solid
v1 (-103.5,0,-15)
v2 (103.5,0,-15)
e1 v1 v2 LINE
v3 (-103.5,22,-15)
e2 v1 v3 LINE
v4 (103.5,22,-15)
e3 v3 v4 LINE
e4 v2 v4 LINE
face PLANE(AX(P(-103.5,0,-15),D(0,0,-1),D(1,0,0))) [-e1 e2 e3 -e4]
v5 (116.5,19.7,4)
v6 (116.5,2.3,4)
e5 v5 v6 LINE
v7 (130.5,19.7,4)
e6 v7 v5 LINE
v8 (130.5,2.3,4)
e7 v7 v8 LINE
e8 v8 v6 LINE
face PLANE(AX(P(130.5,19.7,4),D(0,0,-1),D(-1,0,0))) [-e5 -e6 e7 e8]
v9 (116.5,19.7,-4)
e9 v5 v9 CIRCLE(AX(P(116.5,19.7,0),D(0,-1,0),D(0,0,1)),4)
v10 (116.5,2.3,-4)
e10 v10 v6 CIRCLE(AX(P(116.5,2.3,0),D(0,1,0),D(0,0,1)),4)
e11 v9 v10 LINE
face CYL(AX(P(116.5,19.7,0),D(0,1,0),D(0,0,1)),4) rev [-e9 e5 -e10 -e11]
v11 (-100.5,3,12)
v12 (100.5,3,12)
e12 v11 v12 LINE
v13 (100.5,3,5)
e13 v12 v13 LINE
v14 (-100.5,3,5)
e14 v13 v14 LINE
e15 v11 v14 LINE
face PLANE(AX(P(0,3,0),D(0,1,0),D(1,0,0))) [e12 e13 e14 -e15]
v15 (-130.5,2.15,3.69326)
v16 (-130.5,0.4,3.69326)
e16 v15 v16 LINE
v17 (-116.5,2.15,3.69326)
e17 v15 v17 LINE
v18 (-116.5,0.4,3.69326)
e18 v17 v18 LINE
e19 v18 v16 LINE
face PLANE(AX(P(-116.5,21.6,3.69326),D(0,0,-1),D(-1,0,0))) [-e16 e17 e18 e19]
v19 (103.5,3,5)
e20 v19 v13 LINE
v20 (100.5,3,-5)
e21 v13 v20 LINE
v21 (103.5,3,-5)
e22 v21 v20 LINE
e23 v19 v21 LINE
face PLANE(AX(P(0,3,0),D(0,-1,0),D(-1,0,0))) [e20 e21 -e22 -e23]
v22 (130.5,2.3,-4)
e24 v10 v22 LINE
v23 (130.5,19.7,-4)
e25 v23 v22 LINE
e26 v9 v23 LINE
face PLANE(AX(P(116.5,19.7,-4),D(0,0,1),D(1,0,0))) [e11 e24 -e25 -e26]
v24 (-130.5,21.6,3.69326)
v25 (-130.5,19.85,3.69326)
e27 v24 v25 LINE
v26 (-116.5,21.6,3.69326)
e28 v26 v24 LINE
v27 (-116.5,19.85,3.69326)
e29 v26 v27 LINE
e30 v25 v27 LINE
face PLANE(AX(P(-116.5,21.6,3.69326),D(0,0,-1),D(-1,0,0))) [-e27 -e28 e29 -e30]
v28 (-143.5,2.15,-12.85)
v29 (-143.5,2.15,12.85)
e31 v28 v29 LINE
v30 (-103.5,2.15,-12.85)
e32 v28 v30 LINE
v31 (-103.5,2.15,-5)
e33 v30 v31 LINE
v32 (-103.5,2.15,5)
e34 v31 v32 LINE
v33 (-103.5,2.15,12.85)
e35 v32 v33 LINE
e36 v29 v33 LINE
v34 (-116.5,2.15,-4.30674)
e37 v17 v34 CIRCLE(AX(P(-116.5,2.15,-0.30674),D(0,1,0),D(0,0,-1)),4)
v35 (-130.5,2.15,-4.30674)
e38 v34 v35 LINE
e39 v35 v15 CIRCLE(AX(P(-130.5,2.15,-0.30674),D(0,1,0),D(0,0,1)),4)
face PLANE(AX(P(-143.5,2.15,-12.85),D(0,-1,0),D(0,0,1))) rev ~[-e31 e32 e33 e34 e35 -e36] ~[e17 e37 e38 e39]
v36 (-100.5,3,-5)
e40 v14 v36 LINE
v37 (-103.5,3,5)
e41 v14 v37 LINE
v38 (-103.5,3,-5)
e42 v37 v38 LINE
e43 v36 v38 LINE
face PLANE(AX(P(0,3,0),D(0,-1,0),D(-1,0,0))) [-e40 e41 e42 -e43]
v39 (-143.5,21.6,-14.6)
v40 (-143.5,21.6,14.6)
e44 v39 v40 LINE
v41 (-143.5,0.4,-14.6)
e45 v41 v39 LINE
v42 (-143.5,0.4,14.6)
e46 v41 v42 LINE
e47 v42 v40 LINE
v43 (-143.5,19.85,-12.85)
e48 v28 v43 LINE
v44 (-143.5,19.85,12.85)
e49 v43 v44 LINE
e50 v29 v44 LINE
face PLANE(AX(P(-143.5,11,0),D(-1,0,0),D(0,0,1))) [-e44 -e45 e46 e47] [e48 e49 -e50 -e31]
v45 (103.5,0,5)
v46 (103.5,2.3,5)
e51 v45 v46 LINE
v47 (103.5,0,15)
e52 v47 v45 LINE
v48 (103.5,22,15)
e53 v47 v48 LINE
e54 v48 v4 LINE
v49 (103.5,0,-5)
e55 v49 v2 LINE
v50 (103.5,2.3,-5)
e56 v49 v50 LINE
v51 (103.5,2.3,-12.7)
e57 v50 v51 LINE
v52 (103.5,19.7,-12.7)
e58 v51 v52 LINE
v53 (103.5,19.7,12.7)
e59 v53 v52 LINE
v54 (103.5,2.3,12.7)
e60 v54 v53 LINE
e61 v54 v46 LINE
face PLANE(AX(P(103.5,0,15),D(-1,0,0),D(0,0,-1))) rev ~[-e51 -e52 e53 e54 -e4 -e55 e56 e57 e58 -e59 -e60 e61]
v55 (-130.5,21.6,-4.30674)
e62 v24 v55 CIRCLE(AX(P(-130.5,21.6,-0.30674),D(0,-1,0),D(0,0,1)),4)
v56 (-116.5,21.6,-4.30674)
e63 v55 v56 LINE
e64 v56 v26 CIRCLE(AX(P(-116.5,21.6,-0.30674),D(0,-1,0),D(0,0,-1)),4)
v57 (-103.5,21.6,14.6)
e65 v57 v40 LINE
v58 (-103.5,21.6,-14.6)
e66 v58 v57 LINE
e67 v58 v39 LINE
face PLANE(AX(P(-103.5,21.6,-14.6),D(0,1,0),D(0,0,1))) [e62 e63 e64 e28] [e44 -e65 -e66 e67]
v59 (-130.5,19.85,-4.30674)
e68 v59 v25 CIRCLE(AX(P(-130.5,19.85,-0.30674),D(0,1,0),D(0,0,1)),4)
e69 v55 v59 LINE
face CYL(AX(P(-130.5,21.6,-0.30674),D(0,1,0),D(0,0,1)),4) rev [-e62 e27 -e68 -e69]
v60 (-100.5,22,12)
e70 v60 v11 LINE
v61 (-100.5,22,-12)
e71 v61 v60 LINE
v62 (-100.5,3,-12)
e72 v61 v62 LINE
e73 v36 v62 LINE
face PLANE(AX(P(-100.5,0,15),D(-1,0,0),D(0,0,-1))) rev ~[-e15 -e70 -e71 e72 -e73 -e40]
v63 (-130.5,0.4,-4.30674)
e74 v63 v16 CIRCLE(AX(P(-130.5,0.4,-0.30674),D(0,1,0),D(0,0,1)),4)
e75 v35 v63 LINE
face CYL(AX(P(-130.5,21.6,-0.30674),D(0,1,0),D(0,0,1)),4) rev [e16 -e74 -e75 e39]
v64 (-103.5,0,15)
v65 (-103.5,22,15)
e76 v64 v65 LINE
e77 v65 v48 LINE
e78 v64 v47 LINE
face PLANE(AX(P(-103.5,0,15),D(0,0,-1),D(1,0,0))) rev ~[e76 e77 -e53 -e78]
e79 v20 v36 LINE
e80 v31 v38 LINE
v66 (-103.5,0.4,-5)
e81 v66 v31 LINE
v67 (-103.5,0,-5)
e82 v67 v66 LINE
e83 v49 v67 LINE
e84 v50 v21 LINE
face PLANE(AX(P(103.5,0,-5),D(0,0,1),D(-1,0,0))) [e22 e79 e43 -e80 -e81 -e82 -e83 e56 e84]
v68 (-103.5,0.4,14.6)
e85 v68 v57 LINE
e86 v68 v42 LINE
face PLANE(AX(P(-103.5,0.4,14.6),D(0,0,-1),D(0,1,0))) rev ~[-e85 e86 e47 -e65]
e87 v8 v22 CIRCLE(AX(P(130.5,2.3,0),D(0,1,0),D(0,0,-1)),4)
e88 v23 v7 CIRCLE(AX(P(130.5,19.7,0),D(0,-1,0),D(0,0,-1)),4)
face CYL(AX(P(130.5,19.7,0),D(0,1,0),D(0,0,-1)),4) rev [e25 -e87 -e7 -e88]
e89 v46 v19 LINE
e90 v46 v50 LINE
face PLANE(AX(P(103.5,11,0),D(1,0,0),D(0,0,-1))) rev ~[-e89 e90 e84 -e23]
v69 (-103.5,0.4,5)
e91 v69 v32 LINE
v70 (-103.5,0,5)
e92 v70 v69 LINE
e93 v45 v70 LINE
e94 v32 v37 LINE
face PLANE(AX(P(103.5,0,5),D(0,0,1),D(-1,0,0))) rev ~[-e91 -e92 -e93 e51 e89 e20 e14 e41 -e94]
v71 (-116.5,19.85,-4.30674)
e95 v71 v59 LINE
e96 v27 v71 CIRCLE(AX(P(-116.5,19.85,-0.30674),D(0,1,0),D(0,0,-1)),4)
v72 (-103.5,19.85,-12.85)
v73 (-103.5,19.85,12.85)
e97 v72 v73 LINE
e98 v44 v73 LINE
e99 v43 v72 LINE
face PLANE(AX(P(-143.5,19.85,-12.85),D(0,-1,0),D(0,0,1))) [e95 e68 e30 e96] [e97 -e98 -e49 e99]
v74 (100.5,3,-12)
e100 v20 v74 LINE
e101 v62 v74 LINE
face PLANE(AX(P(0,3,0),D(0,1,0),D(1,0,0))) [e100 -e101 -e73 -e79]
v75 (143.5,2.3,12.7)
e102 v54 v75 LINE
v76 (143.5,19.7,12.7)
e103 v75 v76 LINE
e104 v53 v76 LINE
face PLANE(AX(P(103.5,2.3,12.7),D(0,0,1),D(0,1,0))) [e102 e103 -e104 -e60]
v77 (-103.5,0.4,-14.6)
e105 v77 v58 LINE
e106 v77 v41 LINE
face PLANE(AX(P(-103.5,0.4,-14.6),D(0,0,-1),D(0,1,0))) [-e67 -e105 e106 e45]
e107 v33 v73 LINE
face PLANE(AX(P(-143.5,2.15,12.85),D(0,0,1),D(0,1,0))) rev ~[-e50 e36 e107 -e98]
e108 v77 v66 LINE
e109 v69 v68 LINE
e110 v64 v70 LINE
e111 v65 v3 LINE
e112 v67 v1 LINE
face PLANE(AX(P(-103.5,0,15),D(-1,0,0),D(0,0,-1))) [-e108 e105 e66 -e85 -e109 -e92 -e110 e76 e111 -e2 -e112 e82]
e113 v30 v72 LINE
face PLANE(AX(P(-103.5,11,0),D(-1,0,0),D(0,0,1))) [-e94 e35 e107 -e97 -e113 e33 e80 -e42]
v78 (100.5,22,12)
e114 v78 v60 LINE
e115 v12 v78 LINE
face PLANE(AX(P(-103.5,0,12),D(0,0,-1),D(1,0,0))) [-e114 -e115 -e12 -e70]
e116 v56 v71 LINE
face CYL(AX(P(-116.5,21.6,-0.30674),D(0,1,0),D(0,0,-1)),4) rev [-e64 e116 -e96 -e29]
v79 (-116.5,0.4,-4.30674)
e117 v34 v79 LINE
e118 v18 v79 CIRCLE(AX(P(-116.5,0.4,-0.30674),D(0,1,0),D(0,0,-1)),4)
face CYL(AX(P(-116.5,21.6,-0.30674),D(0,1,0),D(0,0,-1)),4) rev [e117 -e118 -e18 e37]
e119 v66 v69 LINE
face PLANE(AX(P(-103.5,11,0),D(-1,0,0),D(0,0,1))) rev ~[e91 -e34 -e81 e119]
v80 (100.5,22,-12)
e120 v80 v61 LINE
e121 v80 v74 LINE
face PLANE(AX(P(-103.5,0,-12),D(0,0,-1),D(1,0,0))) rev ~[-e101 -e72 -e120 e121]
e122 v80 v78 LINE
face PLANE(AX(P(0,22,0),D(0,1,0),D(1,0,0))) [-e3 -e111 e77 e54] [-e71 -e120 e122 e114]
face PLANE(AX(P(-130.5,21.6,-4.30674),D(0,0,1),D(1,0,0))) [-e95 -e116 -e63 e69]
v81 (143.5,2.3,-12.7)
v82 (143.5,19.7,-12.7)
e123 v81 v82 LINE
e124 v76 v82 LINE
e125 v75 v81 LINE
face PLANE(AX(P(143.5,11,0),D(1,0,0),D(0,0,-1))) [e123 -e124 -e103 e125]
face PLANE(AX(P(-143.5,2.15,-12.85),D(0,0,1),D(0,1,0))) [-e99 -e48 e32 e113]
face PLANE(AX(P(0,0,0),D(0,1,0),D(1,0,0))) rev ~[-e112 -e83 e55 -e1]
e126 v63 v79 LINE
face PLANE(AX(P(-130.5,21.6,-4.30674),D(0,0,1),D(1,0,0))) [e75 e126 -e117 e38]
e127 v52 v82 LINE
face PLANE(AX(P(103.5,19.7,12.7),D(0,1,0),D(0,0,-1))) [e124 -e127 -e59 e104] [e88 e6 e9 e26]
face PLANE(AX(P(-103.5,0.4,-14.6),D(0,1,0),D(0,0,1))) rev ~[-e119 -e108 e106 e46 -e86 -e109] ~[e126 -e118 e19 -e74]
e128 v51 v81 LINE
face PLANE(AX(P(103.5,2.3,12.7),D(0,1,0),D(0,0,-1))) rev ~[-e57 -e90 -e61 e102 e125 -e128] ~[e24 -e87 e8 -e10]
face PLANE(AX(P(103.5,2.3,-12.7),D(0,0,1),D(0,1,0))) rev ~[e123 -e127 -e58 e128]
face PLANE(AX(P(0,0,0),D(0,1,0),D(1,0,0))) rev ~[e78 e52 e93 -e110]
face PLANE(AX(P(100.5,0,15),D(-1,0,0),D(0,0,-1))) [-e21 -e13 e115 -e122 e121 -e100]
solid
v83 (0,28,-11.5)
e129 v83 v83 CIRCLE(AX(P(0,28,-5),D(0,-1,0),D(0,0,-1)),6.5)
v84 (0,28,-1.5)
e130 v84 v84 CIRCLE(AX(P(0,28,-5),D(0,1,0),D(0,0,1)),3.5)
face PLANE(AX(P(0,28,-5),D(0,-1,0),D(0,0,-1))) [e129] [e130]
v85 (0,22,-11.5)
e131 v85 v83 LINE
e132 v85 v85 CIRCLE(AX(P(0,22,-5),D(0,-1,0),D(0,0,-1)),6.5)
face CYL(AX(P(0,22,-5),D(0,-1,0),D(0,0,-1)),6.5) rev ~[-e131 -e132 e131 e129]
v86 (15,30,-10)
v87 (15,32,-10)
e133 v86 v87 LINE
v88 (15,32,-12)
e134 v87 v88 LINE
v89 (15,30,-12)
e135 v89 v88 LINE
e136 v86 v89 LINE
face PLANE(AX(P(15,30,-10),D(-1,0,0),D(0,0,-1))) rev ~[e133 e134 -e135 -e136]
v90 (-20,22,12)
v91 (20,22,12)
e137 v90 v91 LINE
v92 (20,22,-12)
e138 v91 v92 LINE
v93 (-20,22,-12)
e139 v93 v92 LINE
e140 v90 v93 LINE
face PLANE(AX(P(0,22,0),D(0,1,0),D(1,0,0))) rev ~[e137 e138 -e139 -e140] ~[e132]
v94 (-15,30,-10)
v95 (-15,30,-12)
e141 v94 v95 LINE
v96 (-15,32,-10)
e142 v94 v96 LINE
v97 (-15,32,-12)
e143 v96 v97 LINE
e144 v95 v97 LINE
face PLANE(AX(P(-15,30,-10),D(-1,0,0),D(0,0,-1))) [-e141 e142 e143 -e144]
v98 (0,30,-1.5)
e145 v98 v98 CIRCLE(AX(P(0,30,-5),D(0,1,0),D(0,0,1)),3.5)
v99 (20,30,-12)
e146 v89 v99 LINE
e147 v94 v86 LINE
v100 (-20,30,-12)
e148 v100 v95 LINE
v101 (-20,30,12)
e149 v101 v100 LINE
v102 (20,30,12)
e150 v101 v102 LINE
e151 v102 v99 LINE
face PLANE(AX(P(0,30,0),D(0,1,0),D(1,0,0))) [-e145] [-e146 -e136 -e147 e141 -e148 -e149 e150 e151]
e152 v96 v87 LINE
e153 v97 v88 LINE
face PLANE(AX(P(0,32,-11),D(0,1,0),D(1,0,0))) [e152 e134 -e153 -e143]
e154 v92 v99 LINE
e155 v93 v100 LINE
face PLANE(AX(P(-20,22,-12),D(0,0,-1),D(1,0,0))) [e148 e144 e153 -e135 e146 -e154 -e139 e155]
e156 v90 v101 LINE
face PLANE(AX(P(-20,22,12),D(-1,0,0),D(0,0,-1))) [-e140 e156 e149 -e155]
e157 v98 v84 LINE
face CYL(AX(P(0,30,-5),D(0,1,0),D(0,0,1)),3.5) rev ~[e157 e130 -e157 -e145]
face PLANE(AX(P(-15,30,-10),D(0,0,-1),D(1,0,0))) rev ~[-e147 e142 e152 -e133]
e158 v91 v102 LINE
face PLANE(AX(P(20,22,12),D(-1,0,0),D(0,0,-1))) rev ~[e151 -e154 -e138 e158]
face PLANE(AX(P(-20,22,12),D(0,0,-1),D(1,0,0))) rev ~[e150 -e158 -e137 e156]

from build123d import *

# Parameters (mm, degrees)
SKETCH1_W           = 207
SKETCH1_H           = 30
BOSS_EXTRUDE1_DEPTH = 22
SHELL1_T            = -3
SKETCH2_W           = 207
SKETCH2_H           = 10
CUT_EXTRUDE1_DEPTH  = 3
SKETCH3_W           = 29.2
SKETCH3_H           = 21.2
BOSS_EXTRUDE2_DEPTH = 40
SKETCH4_W           = 25.7
SKETCH4_H           = 17.7
CUT_EXTRUDE2_DEPTH  = 40
CUT_EXTRUDE3_DEPTH  = 146.889718623
SKETCH6_W           = 25.4
SKETCH6_H           = 17.4
BOSS_EXTRUDE3_DEPTH = 40
CUT_EXTRUDE4_DEPTH  = 146.620534266
SKETCH8_W           = 40
SKETCH8_H           = 24
BOSS_EXTRUDE4_DEPTH = 8
SKETCH9_R           = 3.5
CUT_EXTRUDE6_DEPTH  = 8
SKETCH10_R          = 6.5
CUT_EXTRUDE10_DEPTH = 6
SKETCH11_W          = 30
SKETCH11_H          = 2
BOSS_EXTRUDE5_DEPTH = 2


with BuildPart() as part:
    # Sketch1 → Boss-Extrude1 (new body)
    with BuildSketch(Plane(origin=(0, 0, 0), x_dir=(1, 0, 0), z_dir=(0, 1, 0))):
        Rectangle(SKETCH1_W, SKETCH1_H)
    extrude(amount=BOSS_EXTRUDE1_DEPTH)

    # Shell1
    shell1_openings = [part.faces().sort_by_distance(p)[0] for p in [
        (0, 22, 0),
    ]]
    offset(amount=SHELL1_T, openings=shell1_openings, kind=Kind.INTERSECTION)

    # Sketch2 → Cut-Extrude1 (cut)
    with BuildSketch(Plane(origin=(0, 0, 0), x_dir=(-1, 0, 0), z_dir=(0, -1, 0))):
        Rectangle(SKETCH2_W, SKETCH2_H)
    extrude(amount=-CUT_EXTRUDE1_DEPTH, mode=Mode.SUBTRACT)

    # Sketch3 → Boss-Extrude2 (add)
    with BuildSketch(Plane.ZY.offset(103.5)):
        with Locations((0, 11)):
            Rectangle(SKETCH3_W, SKETCH3_H)
    extrude(amount=BOSS_EXTRUDE2_DEPTH)

    # Sketch4 → Cut-Extrude2 (cut)
    with BuildSketch(Plane.ZY.offset(143.5)):
        with Locations((0, 11)):
            Rectangle(SKETCH4_W, SKETCH4_H)
    extrude(amount=-CUT_EXTRUDE2_DEPTH, mode=Mode.SUBTRACT)

    # Sketch5 → Cut-Extrude3 (cut, through all)
    with BuildSketch(Plane(origin=(0, 21.6, 0), x_dir=(1, 0, 0), z_dir=(0, 1, 0))):
        with BuildLine():
            Line((-130.5, 4.306739795), (-116.5, 4.306739795))
            ThreePointArc((-116.5, 4.306739795), (-112.5, 0.306739795), (-116.5, -3.693260205))
            Line((-116.5, -3.693260205), (-130.5, -3.693260205))
            ThreePointArc((-130.5, -3.693260205), (-134.5, 0.306739795), (-130.5, 4.306739795))
        make_face()
    extrude(amount=-CUT_EXTRUDE3_DEPTH, mode=Mode.SUBTRACT)

    # Sketch6 → Boss-Extrude3 (add)
    with BuildSketch(Plane(origin=(103.5, 0, 0), x_dir=(0, 0, -1), z_dir=(1, 0, 0))):
        with Locations((0, 11)):
            Rectangle(SKETCH6_W, SKETCH6_H)
    extrude(amount=BOSS_EXTRUDE3_DEPTH)

    # Sketch7 → Cut-Extrude4 (cut, through all)
    with BuildSketch(Plane(origin=(0, 19.7, 0), x_dir=(1, 0, 0), z_dir=(0, 1, 0))):
        with BuildLine():
            Line((116.5, 4), (130.5, 4))
            ThreePointArc((130.5, 4), (134.5, 0), (130.5, -4))
            Line((130.5, -4), (116.5, -4))
            ThreePointArc((116.5, -4), (112.5, 0), (116.5, 4))
        make_face()
    extrude(amount=-CUT_EXTRUDE4_DEPTH, mode=Mode.SUBTRACT)


with BuildPart() as body_2:
    # Sketch8 → Boss-Extrude4 (new body)
    with BuildSketch(Plane(origin=(0, 22, 0), x_dir=(1, 0, 0), z_dir=(0, 1, 0))):
        Rectangle(SKETCH8_W, SKETCH8_H)
    extrude(amount=BOSS_EXTRUDE4_DEPTH)

    # Sketch9 → Cut-Extrude6 (cut)
    with BuildSketch(Plane(origin=(0, 30, 0), x_dir=(1, 0, 0), z_dir=(0, 1, 0))):
        with Locations(Location((0, 5, 0), (0, 0, 270))):
            Circle(SKETCH9_R)
    extrude(amount=-CUT_EXTRUDE6_DEPTH, mode=Mode.SUBTRACT)

    # Sketch10 → Cut-Extrude10 (cut)
    with BuildSketch(Plane.XZ.offset(-22)):
        with Locations(Location((0, -5, 0), (0, 0, 270))):
            Circle(SKETCH10_R)
    extrude(amount=-CUT_EXTRUDE10_DEPTH, mode=Mode.SUBTRACT)

    # Sketch11 → Boss-Extrude5 (add)
    with BuildSketch(Plane(origin=(0, 30, 0), x_dir=(1, 0, 0), z_dir=(0, 1, 0))):
        with Locations((0, 11)):
            Rectangle(SKETCH11_W, SKETCH11_H)
    extrude(amount=BOSS_EXTRUDE5_DEPTH)


solid = Compound([part.part, body_2.part])
